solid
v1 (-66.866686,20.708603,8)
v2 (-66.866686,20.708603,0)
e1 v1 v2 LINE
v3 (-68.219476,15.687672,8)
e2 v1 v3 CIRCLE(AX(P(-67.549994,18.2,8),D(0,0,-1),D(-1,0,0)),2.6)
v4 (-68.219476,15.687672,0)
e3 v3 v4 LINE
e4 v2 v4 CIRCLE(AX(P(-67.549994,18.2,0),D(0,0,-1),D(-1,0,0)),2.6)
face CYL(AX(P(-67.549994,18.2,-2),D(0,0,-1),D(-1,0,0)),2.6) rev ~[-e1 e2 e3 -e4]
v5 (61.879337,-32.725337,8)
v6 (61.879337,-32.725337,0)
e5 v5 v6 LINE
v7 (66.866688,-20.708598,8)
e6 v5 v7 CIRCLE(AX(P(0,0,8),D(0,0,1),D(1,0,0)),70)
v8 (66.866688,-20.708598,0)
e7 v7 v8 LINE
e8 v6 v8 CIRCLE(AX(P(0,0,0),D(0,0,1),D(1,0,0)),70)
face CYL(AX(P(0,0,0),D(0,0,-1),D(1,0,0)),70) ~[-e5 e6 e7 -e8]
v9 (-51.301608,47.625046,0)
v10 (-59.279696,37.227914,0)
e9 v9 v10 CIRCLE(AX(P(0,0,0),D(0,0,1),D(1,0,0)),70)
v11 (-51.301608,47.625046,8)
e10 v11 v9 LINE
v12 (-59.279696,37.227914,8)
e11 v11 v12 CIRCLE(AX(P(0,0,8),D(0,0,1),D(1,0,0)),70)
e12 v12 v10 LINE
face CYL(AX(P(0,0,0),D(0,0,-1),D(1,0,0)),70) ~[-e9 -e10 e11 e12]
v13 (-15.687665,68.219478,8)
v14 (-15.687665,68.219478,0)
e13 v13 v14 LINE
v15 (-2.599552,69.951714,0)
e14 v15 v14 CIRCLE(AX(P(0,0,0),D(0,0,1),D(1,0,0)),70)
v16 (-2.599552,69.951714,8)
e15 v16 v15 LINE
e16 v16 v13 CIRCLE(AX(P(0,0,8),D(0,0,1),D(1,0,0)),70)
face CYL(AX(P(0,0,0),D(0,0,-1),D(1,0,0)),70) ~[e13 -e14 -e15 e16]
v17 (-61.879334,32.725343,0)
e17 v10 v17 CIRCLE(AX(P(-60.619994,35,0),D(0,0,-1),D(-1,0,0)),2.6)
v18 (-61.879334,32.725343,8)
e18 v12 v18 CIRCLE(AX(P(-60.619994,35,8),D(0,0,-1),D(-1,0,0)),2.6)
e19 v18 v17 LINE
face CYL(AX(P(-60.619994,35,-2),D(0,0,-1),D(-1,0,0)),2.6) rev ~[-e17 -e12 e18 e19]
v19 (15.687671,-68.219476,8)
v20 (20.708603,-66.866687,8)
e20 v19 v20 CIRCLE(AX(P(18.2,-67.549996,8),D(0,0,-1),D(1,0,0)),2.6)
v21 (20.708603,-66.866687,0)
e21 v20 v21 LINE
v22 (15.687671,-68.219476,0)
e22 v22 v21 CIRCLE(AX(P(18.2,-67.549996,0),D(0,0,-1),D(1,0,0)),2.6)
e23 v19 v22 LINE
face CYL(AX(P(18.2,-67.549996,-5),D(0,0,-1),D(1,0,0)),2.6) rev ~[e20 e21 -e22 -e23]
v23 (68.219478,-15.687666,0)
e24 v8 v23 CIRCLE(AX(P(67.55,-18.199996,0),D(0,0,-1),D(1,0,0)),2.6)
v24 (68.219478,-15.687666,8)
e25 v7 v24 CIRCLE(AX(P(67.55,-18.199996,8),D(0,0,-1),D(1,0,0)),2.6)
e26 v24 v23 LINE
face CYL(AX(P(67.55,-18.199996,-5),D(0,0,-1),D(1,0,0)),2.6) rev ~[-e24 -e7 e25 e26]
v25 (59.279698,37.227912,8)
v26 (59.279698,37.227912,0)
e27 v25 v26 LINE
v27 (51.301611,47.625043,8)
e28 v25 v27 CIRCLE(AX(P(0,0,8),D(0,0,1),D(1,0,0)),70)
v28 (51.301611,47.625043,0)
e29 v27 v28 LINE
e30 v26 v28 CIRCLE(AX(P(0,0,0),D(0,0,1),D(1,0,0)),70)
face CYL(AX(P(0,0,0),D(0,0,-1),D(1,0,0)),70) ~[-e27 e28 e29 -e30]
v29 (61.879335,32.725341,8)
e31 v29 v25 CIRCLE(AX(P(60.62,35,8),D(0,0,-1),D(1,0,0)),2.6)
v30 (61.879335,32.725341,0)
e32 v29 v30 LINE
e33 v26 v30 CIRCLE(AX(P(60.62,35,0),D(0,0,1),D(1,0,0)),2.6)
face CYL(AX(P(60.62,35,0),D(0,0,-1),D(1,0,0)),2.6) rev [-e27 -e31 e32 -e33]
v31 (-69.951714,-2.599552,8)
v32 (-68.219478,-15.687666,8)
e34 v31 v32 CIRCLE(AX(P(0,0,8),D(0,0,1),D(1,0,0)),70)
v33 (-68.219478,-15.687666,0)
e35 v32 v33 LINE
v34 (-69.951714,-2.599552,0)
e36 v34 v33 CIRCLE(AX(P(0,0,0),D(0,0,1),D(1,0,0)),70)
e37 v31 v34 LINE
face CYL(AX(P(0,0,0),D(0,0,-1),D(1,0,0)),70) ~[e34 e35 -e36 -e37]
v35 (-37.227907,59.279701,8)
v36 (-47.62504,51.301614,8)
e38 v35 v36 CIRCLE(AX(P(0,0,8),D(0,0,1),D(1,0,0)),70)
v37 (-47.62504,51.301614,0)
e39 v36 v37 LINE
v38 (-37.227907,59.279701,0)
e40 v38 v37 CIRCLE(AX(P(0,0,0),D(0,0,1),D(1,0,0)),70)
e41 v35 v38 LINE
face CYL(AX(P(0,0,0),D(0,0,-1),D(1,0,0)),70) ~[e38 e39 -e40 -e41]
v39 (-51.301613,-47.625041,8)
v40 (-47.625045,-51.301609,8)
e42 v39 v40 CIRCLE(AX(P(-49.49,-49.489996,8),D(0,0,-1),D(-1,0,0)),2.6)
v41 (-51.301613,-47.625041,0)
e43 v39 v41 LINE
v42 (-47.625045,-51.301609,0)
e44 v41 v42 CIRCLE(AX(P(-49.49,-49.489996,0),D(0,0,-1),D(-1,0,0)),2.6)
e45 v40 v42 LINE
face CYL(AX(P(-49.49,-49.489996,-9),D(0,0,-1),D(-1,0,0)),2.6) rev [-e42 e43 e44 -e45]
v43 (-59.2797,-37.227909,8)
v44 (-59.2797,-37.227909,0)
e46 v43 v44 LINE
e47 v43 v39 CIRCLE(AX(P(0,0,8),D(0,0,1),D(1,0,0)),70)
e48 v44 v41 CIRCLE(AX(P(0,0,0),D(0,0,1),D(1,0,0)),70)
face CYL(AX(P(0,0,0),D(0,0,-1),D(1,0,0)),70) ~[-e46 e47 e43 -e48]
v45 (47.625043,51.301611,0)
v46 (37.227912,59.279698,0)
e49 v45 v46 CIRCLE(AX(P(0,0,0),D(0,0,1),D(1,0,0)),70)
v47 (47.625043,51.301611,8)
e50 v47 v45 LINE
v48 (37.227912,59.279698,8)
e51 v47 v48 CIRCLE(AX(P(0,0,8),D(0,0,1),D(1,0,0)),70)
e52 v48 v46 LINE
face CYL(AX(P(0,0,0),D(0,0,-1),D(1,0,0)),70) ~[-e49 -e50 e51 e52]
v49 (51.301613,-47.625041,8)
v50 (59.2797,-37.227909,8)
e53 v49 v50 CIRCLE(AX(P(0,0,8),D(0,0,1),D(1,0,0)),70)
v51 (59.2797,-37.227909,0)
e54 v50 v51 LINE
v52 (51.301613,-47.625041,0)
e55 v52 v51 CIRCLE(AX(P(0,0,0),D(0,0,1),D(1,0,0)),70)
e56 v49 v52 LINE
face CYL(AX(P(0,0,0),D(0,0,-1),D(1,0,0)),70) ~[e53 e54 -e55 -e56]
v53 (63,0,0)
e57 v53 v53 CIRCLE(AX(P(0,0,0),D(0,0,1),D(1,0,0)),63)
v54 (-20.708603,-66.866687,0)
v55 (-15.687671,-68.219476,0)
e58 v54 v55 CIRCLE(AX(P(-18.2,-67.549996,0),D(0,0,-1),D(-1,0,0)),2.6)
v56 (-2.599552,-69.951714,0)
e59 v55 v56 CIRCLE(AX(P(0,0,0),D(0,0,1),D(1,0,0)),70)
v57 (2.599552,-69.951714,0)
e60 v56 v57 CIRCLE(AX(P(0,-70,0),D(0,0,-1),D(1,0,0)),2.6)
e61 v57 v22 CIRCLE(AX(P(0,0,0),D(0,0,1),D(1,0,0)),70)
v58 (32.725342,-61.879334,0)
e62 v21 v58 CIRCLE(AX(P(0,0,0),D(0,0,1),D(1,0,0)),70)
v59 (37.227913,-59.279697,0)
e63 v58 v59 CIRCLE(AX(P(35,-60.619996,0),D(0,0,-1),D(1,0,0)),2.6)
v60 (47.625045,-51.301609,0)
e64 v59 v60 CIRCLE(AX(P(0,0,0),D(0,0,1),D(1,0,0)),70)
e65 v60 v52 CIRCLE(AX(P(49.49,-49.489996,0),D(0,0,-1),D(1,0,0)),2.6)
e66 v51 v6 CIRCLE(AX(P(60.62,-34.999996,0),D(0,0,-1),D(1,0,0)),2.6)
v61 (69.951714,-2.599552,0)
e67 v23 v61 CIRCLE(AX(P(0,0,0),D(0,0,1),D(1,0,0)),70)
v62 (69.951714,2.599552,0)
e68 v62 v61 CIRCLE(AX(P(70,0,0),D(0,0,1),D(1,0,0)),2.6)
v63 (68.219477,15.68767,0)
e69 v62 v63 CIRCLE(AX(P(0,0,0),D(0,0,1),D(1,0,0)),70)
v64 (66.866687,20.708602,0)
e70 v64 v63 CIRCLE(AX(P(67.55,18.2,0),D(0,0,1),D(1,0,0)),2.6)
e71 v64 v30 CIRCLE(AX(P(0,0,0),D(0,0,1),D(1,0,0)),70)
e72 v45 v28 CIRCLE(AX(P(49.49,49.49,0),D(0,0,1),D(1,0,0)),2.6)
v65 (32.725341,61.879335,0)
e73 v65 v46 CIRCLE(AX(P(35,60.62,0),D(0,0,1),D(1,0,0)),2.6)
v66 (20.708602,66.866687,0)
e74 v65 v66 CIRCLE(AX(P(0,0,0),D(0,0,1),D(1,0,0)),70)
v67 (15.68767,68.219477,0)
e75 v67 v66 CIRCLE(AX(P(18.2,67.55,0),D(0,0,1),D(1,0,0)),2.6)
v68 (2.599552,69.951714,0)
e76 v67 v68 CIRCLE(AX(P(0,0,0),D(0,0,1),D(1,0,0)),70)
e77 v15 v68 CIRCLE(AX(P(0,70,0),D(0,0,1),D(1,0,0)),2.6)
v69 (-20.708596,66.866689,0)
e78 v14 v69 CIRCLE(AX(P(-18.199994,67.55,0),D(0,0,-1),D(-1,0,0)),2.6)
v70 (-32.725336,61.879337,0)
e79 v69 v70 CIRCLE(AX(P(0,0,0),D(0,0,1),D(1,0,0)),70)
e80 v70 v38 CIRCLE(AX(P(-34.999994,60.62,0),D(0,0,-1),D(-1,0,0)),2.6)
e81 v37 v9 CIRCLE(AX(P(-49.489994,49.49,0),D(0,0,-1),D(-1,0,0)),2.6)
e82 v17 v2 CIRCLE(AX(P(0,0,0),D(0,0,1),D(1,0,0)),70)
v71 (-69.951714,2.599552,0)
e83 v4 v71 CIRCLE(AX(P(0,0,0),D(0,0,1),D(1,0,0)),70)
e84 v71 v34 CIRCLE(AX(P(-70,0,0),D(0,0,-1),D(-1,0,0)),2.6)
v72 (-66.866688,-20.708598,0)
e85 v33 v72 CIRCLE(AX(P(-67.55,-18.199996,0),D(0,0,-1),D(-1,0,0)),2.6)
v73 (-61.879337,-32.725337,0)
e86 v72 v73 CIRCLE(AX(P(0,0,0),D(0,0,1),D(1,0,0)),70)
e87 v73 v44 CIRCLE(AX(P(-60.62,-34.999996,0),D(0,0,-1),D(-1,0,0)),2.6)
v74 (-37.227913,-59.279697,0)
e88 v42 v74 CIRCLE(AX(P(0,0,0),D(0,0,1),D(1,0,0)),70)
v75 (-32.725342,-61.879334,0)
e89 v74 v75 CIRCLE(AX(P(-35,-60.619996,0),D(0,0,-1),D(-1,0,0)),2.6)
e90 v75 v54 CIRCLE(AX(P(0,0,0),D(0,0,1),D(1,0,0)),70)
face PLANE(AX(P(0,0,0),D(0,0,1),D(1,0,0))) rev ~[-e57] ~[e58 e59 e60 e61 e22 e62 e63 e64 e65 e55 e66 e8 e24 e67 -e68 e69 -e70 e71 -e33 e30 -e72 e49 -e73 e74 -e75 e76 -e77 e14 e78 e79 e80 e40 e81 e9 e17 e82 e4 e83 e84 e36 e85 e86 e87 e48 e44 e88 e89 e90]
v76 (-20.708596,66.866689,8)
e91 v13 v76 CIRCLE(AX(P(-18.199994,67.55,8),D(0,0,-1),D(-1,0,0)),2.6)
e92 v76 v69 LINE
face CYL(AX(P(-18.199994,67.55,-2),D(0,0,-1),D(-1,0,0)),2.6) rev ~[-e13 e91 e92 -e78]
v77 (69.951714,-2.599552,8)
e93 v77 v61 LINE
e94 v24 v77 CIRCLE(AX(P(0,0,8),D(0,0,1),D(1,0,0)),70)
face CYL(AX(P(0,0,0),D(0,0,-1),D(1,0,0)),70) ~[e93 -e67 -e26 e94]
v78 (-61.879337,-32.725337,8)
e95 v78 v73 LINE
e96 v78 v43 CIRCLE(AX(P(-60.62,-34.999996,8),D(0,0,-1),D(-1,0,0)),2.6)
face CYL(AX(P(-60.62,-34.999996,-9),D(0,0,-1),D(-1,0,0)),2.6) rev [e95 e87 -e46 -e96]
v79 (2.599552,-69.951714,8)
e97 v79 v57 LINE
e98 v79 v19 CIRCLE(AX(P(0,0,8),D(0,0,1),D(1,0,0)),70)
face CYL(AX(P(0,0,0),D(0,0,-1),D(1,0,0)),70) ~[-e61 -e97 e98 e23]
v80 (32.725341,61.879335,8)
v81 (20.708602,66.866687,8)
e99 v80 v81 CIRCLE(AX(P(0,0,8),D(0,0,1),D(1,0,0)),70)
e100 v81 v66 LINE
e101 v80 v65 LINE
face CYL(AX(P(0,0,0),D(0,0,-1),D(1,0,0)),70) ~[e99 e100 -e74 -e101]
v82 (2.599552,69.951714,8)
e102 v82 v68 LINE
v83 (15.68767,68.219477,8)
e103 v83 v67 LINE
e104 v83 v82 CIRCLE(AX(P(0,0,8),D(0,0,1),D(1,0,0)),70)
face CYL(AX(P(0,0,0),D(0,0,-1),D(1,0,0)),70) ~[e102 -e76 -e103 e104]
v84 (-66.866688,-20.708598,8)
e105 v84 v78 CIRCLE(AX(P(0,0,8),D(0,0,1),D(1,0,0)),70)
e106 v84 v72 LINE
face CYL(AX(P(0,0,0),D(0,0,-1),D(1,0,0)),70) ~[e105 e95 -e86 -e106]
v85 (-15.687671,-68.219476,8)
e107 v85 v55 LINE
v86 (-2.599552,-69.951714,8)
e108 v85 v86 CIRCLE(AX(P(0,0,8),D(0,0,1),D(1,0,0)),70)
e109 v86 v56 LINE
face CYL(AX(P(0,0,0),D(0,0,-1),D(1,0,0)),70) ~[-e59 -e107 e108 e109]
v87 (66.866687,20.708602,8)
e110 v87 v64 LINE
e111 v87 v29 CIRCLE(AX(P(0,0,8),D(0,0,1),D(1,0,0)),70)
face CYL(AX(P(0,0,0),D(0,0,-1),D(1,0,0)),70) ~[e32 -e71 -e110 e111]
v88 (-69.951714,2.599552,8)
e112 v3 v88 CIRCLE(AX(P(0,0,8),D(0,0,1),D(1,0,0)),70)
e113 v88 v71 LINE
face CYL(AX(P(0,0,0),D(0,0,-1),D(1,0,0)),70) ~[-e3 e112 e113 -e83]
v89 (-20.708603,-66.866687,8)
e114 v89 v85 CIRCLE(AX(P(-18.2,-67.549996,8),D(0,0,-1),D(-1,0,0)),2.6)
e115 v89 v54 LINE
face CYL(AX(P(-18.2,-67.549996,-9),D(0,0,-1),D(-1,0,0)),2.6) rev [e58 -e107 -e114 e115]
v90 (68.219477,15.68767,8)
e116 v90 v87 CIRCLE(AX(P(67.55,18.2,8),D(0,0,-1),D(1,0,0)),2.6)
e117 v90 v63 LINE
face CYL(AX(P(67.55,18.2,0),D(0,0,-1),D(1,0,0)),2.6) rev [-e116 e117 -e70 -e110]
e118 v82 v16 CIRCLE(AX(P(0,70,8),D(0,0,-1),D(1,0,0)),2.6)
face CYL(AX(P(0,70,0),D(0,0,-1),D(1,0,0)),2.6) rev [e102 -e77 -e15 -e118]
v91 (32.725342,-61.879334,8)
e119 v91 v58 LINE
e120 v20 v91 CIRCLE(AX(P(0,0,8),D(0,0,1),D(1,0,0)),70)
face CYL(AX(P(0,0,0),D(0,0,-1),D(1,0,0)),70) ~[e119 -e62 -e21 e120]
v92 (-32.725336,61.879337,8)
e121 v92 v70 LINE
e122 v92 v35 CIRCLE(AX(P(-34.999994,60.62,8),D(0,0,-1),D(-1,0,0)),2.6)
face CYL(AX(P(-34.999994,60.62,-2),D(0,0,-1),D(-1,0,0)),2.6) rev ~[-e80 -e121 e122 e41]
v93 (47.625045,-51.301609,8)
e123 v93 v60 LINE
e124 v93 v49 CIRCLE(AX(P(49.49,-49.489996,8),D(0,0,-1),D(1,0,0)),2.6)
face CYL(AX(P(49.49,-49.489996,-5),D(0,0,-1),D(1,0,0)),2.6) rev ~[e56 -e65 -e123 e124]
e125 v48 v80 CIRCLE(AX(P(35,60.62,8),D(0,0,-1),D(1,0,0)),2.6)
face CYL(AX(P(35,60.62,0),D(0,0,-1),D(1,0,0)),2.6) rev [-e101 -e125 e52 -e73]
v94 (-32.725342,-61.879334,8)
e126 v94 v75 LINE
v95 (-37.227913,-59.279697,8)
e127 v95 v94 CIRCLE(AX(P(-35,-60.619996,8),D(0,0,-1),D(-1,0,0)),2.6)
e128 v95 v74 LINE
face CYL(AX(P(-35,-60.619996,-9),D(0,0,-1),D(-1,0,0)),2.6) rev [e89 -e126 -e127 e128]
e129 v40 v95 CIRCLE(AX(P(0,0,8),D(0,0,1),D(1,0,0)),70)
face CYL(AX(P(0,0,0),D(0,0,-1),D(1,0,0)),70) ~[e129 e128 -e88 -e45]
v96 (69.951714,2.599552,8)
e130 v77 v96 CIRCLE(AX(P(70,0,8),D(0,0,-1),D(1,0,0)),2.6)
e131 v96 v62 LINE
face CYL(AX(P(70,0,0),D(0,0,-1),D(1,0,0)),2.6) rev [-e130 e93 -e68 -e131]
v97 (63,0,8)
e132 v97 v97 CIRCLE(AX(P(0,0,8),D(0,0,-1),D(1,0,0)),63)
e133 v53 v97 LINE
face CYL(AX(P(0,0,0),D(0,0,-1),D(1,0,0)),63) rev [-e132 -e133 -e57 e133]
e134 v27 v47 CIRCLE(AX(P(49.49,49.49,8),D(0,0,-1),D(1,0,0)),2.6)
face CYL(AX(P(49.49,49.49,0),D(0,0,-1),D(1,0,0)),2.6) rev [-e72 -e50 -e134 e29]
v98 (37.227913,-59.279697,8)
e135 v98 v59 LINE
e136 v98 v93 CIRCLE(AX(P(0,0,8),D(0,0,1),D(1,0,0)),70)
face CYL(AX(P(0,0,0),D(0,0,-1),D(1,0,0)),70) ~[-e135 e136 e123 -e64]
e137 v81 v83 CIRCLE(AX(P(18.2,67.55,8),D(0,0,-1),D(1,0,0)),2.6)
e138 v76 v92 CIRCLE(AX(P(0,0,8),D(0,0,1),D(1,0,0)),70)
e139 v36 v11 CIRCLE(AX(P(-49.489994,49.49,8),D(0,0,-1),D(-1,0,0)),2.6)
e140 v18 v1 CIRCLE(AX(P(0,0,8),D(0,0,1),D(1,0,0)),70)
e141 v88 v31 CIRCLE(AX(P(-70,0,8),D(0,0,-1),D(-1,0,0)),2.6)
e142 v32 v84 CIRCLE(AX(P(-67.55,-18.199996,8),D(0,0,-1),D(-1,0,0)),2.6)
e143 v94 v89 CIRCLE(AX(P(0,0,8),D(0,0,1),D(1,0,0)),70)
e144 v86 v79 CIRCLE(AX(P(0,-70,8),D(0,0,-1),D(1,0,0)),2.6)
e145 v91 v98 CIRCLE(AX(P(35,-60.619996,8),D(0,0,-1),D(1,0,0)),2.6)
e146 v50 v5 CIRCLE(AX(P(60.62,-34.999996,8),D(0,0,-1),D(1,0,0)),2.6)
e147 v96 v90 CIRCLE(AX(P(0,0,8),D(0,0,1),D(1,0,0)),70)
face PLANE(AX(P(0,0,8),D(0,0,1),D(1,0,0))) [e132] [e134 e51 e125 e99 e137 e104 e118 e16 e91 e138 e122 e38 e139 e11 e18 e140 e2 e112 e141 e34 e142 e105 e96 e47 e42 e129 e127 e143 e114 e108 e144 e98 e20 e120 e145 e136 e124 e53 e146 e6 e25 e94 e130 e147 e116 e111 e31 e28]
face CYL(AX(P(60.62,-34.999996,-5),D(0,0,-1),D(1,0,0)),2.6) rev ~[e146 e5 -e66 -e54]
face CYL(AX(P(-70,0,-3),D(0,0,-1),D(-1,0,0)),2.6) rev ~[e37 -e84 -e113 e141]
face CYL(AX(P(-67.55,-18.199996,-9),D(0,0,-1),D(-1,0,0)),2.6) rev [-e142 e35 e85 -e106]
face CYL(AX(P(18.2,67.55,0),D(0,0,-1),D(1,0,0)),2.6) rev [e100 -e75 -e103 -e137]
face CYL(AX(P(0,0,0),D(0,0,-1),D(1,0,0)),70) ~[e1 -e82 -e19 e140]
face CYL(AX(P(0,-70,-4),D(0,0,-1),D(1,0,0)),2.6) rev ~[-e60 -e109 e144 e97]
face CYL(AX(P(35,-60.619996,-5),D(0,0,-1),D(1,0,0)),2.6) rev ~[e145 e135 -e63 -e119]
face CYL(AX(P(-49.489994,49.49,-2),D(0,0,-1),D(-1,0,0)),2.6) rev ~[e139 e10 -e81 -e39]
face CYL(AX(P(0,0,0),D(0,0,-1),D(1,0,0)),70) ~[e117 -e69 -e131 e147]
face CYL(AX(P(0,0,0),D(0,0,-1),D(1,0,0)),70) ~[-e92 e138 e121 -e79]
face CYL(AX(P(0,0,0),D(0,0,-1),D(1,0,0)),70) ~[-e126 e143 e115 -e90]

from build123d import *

# Parameters (mm, degrees)
CYLINDER001002001_R              = 2.6
CYLINDER001002001_DEPTH          = 20
CYLINDER001002001001_R           = 2.6
CYLINDER001002001001_DEPTH       = 20
CYLINDER001002001001001_R        = 2.6
CYLINDER001002001001001_DEPTH    = 20
CYLINDER001002001001001001_R     = 2.6
CYLINDER001002001001001001_DEPTH = 26
CYLINDER001002_R                 = 2.6
CYLINDER001002_DEPTH             = 20
CYLINDER001001_R                 = 2.6
CYLINDER001001_DEPTH             = 20
CYLINDER001_R                    = 2.6
CYLINDER001_DEPTH                = 20
CYLINDER002_R                    = 63
CYLINDER002_DEPTH                = 10
CYLINDER_R                       = 70
CYLINDER_DEPTH                   = 8


with BuildPart() as pole2:
    # Cylinder001002001 → Cylinder001002001 (new body)
    with BuildSketch(Plane(origin=(67.55, 18.2, 0), x_dir=(1, 0, 0), z_dir=(0, 0, 1))):
        Circle(CYLINDER001002001_R)
    extrude(amount=CYLINDER001002001_DEPTH)


with BuildPart() as pole003:
    # Cylinder001002001001 → Cylinder001002001001 (new body)
    with BuildSketch(Plane(origin=(60.62, 35, 0), x_dir=(1, 0, 0), z_dir=(0, 0, 1))):
        Circle(CYLINDER001002001001_R)
    extrude(amount=CYLINDER001002001001_DEPTH)


with BuildPart() as pole004:
    # Cylinder001002001001001 → Cylinder001002001001001 (new body)
    with BuildSketch(Plane(origin=(49.49, 49.49, 0), x_dir=(1, 0, 0), z_dir=(0, 0, 1))):
        Circle(CYLINDER001002001001001_R)
    extrude(amount=CYLINDER001002001001001_DEPTH)


with BuildPart() as pole005:
    # Cylinder001002001001001001 → Cylinder001002001001001001 (new body)
    with BuildSketch(Plane(origin=(35, 60.62, 0), x_dir=(1, 0, 0), z_dir=(0, 0, 1))):
        Circle(CYLINDER001002001001001001_R)
    extrude(amount=CYLINDER001002001001001001_DEPTH)


with BuildPart() as cylinder001002:
    # Cylinder001002 → Cylinder001002 (new body)
    with BuildSketch(Plane(origin=(18.2, 67.55, 0), x_dir=(1, 0, 0), z_dir=(0, 0, 1))):
        Circle(CYLINDER001002_R)
    extrude(amount=CYLINDER001002_DEPTH)


with BuildPart() as fusion:
    # Fusion base: copy of pole2
    add(pole2.part)

    # Fusion: union pole003, pole004, pole005, Cylinder001002
    add(pole003.part)
    add(pole004.part)
    add(pole005.part)
    add(cylinder001002.part)


with BuildPart() as part_mirroring001:
    # Part__Mirroring001: instance of Fusion
    add(fusion.part.mirror(Plane(origin=(3e-06, 42.766762, 16), x_dir=(0, -1, 0), z_dir=(1, 0, 0))))


with BuildPart() as part_mirroring001_1:
    # Part__Mirroring001 placement: moved
    add(part_mirroring001.part.moved(Location((0, 0, -2))))


with BuildPart() as cylinder001001:
    # Cylinder001001 → Cylinder001001 (new body)
    with BuildSketch(Plane(origin=(0, 70, 0), x_dir=(1, 0, 0), z_dir=(0, 0, 1))):
        Circle(CYLINDER001001_R)
    extrude(amount=CYLINDER001001_DEPTH)


with BuildPart() as pole1:
    # Cylinder001 → Cylinder001 (new body)
    with BuildSketch(Plane(origin=(70, 0, 0), x_dir=(1, 0, 0), z_dir=(0, 0, 1))):
        Circle(CYLINDER001_R)
    extrude(amount=CYLINDER001_DEPTH)


with BuildPart() as part_mirroring003:
    # Part__Mirroring003: instance of pole1
    add(pole1.part.mirror(Plane(origin=(0, 0, 0), x_dir=(0, -1, 0), z_dir=(1, 0, 0))))


with BuildPart() as part_mirroring003_1:
    # Part__Mirroring003 placement: moved
    add(part_mirroring003.part.moved(Location((0, 0, -3))))


with BuildPart() as part_mirroring:
    # Part__Mirroring: instance of Fusion
    add(fusion.part.mirror(Plane(origin=(42.875, 2e-06, 12.999999), x_dir=(1, 0, 0), z_dir=(0, 1, 0))))


with BuildPart() as part_mirroring_1:
    # Part__Mirroring placement: moved
    add(part_mirroring.part.moved(Location((0, 0, -5))))


with BuildPart() as part_mirroring004:
    # Part__Mirroring004: instance of Cylinder001001
    add(cylinder001001.part.mirror(Plane(origin=(0, 0, 0), x_dir=(1, 0, 0), z_dir=(0, 1, 0))))


with BuildPart() as part_mirroring004_1:
    # Part__Mirroring004 placement: moved
    add(part_mirroring004.part.moved(Location((0, 0, -4))))


with BuildPart() as part_mirroring002:
    # Part__Mirroring002: instance of Part__Mirroring
    add(part_mirroring_1.part.mirror(Plane(origin=(0, 0, 0), x_dir=(0, -1, 0), z_dir=(1, 0, 0))))


with BuildPart() as part_mirroring002_1:
    # Part__Mirroring002 placement: moved
    add(part_mirroring002.part.moved(Location((0, 0, -4))))


with BuildPart() as fusion001:
    # Fusion001 base: copy of Cylinder001002
    add(cylinder001002.part)

    # Fusion001: union pole2, Part__Mirroring001, Cylinder001001, pole005, Part__Mirroring003, Part__Mirroring, Fusion, Part__Mirroring004, pole003, pole1, Part__Mirroring002, pole004
    add(pole2.part)
    add(part_mirroring001_1.part)
    add(cylinder001001.part)
    add(pole005.part)
    add(part_mirroring003_1.part)
    add(part_mirroring_1.part)
    add(fusion.part)
    add(part_mirroring004_1.part)
    add(pole003.part)
    add(pole1.part)
    add(part_mirroring002_1.part)
    add(pole004.part)


with BuildPart() as cylinder002:
    # Cylinder002 → Cylinder002 (new body)
    with BuildSketch(Plane.XY):
        Circle(CYLINDER002_R)
    extrude(amount=CYLINDER002_DEPTH)


with BuildPart() as cut001:
    # Cylinder → Cylinder (new body)
    with BuildSketch(Plane.XY):
        Circle(CYLINDER_R)
    extrude(amount=CYLINDER_DEPTH)

    # Cut: cut Cylinder002
    add(cylinder002.part, mode=Mode.SUBTRACT)

    # Cut001: cut Fusion001
    add(fusion001.part, mode=Mode.SUBTRACT)


solid = cut001.part
